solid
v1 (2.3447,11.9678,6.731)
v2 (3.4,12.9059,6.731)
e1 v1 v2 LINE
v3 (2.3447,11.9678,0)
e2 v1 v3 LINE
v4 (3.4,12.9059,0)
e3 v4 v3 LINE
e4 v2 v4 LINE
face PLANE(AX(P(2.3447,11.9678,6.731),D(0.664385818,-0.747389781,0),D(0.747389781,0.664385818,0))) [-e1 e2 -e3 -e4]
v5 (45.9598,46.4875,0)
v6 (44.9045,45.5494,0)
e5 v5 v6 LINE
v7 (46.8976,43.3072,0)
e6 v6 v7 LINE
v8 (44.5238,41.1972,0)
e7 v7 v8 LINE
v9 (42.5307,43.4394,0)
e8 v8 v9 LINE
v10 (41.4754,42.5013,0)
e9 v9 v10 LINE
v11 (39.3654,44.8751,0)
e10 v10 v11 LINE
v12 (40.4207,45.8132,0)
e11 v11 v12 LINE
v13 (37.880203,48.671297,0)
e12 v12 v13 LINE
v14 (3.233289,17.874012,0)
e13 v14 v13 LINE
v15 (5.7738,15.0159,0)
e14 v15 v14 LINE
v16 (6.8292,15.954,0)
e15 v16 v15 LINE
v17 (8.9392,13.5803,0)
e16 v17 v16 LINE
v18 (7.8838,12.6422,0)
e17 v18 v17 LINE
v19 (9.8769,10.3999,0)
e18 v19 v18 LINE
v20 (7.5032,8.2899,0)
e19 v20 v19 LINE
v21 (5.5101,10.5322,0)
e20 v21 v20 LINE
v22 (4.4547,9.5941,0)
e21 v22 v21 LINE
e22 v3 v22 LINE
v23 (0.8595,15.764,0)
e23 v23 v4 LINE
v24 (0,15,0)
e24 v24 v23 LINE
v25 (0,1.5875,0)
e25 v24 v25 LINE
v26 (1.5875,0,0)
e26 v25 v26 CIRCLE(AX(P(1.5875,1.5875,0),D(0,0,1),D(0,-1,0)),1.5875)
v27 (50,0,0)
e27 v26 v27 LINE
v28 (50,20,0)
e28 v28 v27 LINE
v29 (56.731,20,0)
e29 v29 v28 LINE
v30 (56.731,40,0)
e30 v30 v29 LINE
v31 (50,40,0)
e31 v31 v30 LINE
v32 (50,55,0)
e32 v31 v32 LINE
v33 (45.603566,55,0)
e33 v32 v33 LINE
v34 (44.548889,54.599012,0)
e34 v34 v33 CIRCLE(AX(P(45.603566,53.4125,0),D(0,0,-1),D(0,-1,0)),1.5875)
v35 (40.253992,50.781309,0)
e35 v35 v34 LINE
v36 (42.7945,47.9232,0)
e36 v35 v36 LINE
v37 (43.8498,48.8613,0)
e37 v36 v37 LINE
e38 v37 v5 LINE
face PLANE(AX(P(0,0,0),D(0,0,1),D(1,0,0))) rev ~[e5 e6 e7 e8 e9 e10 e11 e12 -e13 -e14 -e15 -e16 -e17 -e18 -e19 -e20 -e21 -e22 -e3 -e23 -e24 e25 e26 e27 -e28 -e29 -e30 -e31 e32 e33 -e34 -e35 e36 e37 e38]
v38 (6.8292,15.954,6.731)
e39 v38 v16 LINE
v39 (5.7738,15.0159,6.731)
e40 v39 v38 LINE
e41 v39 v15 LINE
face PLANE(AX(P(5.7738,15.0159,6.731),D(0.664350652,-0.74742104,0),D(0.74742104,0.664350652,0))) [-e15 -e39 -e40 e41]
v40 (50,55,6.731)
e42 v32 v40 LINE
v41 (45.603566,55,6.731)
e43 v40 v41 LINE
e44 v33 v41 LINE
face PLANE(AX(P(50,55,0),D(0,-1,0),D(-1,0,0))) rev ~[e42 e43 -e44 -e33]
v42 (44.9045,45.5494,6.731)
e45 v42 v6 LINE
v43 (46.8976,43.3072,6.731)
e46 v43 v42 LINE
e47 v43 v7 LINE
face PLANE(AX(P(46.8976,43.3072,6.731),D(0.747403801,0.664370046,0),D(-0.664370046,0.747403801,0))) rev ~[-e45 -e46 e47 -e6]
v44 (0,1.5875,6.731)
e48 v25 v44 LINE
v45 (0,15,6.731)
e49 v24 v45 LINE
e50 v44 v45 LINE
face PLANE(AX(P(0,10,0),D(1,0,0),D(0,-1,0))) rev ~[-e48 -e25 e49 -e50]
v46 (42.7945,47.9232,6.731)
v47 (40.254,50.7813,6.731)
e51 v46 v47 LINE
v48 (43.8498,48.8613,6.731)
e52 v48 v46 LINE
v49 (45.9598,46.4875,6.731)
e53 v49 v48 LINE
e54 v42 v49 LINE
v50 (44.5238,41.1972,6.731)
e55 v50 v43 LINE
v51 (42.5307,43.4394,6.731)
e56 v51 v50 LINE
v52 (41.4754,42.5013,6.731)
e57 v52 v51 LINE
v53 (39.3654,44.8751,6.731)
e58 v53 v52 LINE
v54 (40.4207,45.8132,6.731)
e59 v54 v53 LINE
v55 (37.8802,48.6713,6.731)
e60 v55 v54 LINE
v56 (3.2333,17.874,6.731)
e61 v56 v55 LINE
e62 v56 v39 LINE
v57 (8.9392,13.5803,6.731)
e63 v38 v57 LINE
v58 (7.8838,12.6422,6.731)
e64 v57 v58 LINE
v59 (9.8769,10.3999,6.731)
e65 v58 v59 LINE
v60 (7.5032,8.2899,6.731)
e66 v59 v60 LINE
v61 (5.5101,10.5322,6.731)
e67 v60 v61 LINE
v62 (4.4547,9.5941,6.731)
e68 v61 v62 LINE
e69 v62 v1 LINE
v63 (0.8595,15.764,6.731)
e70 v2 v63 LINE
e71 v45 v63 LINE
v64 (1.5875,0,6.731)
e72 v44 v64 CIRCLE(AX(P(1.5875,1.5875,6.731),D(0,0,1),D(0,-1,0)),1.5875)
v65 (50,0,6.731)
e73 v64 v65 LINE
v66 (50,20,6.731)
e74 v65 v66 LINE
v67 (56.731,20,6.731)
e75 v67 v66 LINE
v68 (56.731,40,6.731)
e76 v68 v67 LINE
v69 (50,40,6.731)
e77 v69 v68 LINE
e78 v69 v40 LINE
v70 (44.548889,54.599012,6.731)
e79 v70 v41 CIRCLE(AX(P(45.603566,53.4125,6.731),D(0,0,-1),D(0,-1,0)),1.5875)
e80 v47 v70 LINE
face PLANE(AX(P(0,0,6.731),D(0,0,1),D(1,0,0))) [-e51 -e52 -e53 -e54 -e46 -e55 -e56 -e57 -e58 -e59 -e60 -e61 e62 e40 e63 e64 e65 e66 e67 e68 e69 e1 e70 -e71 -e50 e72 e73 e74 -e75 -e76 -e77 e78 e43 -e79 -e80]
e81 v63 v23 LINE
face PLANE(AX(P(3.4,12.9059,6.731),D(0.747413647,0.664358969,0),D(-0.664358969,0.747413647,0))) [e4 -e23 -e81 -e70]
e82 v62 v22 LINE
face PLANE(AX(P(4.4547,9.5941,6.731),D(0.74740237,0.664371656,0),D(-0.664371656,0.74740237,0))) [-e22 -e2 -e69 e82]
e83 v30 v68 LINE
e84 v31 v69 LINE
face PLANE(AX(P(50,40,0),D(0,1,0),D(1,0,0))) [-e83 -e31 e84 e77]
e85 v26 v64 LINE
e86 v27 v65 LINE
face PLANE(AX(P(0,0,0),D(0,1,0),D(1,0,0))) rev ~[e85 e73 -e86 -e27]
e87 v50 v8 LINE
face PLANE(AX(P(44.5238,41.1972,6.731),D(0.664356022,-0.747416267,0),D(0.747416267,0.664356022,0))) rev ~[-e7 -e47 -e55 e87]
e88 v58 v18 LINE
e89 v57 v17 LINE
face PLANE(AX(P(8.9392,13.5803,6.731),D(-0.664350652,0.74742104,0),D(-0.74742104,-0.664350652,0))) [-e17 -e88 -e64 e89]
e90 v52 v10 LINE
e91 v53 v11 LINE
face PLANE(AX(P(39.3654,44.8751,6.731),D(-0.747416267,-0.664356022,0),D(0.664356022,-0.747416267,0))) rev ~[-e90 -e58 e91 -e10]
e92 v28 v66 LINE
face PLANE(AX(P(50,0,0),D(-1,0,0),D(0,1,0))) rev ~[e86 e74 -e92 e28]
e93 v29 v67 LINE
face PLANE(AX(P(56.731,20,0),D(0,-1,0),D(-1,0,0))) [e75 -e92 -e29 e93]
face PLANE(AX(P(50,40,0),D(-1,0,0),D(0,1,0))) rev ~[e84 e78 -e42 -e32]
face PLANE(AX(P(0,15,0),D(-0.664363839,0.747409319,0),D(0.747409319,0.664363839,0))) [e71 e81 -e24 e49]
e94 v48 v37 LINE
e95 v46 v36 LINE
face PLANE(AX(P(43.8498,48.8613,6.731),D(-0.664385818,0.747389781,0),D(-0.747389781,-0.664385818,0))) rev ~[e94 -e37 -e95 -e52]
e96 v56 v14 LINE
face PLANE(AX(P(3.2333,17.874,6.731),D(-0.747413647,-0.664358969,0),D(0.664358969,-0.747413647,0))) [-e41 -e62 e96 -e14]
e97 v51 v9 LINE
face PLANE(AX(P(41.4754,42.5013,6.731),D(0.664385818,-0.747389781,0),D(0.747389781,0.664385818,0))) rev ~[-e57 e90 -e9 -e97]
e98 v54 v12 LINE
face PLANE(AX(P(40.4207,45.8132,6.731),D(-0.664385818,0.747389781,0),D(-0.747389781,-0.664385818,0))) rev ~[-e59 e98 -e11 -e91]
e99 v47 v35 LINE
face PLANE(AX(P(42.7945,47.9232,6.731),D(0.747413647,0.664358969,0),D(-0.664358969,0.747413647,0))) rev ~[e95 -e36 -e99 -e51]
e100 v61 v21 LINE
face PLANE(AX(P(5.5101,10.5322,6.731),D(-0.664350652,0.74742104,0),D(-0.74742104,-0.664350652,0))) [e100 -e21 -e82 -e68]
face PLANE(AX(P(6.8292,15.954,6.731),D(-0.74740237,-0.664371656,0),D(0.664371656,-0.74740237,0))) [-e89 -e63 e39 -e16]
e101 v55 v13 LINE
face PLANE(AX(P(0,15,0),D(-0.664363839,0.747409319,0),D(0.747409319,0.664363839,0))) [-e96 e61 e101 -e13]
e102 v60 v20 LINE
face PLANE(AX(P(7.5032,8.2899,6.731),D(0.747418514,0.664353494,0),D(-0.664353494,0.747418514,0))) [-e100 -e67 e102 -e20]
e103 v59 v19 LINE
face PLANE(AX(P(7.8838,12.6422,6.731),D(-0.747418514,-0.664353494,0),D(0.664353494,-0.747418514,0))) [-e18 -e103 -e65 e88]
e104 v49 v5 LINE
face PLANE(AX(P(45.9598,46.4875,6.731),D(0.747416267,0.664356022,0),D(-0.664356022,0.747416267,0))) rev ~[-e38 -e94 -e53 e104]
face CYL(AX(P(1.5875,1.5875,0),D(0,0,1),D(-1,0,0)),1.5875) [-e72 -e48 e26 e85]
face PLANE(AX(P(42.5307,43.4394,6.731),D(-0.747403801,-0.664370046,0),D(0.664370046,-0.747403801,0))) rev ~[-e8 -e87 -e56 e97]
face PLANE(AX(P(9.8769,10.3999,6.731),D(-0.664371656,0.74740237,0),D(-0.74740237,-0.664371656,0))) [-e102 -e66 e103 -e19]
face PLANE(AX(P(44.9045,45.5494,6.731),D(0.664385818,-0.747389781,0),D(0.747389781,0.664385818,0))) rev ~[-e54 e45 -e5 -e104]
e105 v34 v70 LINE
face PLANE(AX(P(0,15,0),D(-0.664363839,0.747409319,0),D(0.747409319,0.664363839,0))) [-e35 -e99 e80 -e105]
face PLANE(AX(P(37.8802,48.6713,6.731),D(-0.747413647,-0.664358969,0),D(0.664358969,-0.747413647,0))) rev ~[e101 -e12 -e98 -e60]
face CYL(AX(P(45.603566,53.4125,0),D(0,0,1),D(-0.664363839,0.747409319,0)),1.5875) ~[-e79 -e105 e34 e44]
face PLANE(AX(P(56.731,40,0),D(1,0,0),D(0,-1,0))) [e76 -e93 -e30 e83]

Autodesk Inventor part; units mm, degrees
ref_plane "YZ Plane" through (0, 0, 0) normal (1, 0, 0) x (0, 1, 0)
ref_plane "XZ Plane" through (0, 0, 0) normal (0, 1, 0) x (-1, 0, 0)
ref_plane "XY Plane" through (0, 0, 0) normal (0, 0, 1) x (1, 0, 0)
sketch "Sketch1" plane through (0, 0, 0) normal (0, 0, 1) x (1, 0, 0)
  line L0 (0, 0) -> (50, 0)
  line L1 (50, 0) -> (50, 40)
  line L2 (50, 40) -> (56.731, 40)
  line L3 (56.731, 40) -> (56.731, 20)
  line L4 (56.731, 20) -> (50, 20)
  line L5 (50, 20) -> (50, 40)
  line L6 (10, 3.269) -> (30, 3.269)
  line L7 (30, 3.269) -> (30, 10)
  line L8 (30, 10) -> (10, 10)
  line L9 (10, 10) -> (10, 3.269)
  line L10 (0, 10) -> (10, 10)
  line L11 (30, 10) -> (50, 10)
  line L12 (0, 10) -> (0, 0)
  line L13 (0, 10) -> (0, 15)
  line L14 (0, 15) -> (45, 55)
  line L15 (50, 40) -> (50, 55)
  line L16 (50, 55) -> (45, 55)
  point P0 (20, 3.269)
  point P1 (20, 0)
  dimension "d2" = 20
  dimension "d3" = 20
  dimension "d5" = 6.731
  dimension "d6" = 10
  dimension "d9" = 10
  dimension "d11" = 20
  dimension "d12" = 20
  dimension "d14" = 5
  dimension "d16" = 15
  dimension "d17" = 5
extrude "Extrusion1" add sketch "Sketch1" along normal blind 6.731
fillet "Fillet1" radius 1.5875 2 edges at (45, 55, 3.3655) (0, 0, 3.3655)
sketch "Sketch3" plane through (0, 0, 6.731) normal (0, 0, 1) x (1, 0, 0)
  line L0 (45, 55) -> (0, 15) projected
  line L1 (3.2333, 17.874) -> (5.7738, 15.0159)
  line L2 (5.7738, 15.0159) -> (6.8292, 15.954)
  line L3 (6.8292, 15.954) -> (8.9392, 13.5803)
  line L4 (8.9392, 13.5803) -> (7.8838, 12.6422)
  line L5 (7.8838, 12.6422) -> (9.8769, 10.3999)
  line L6 (9.8769, 10.3999) -> (7.5032, 8.2899)
  line L7 (7.5032, 8.2899) -> (5.5101, 10.5322)
  line L8 (5.5101, 10.5322) -> (4.4547, 9.5941)
  line L9 (4.4547, 9.5941) -> (2.3447, 11.9678)
  line L10 (2.3447, 11.9678) -> (3.4, 12.9059)
  line L11 (3.4, 12.9059) -> (0.8595, 15.764)
  line L12 (37.8802, 48.6713) -> (40.4207, 45.8132)
  line L13 (40.4207, 45.8132) -> (39.3654, 44.8751)
  line L14 (39.3654, 44.8751) -> (41.4754, 42.5013)
  line L15 (41.4754, 42.5013) -> (42.5307, 43.4394)
  line L16 (42.5307, 43.4394) -> (44.5238, 41.1972)
  line L17 (44.5238, 41.1972) -> (46.8976, 43.3072)
  line L18 (46.8976, 43.3072) -> (44.9045, 45.5494)
  line L19 (44.9045, 45.5494) -> (45.9598, 46.4875)
  line L20 (45.9598, 46.4875) -> (43.8498, 48.8613)
  line L21 (43.8498, 48.8613) -> (42.7945, 47.9232)
  line L22 (42.7945, 47.9232) -> (40.254, 50.7813)
  dimension "d24" = 3.176
  dimension "d25" = 10
  dimension "d26" = 3
  dimension "d27" = 6
  dimension "d28" = 1.15
  dimension "d29" = 6.35
extrude "Extrusion3" cut sketch "Sketch3" against normal up to next
equation "\"d5\" = THICKB"
equation "\"d7\" = THICKB"
equation "\"THICKA\" = 3.175"
equation "\"THICKB\" = 6.731"
equation "\"THICKC\" = 12.7"
equation "\"THICKPLY\" = 5"
equation "\"MAGDIA\" = 9.5"
equation "\"BALLDIA\" = 12"
properties part number "Mount_LCD_End"
